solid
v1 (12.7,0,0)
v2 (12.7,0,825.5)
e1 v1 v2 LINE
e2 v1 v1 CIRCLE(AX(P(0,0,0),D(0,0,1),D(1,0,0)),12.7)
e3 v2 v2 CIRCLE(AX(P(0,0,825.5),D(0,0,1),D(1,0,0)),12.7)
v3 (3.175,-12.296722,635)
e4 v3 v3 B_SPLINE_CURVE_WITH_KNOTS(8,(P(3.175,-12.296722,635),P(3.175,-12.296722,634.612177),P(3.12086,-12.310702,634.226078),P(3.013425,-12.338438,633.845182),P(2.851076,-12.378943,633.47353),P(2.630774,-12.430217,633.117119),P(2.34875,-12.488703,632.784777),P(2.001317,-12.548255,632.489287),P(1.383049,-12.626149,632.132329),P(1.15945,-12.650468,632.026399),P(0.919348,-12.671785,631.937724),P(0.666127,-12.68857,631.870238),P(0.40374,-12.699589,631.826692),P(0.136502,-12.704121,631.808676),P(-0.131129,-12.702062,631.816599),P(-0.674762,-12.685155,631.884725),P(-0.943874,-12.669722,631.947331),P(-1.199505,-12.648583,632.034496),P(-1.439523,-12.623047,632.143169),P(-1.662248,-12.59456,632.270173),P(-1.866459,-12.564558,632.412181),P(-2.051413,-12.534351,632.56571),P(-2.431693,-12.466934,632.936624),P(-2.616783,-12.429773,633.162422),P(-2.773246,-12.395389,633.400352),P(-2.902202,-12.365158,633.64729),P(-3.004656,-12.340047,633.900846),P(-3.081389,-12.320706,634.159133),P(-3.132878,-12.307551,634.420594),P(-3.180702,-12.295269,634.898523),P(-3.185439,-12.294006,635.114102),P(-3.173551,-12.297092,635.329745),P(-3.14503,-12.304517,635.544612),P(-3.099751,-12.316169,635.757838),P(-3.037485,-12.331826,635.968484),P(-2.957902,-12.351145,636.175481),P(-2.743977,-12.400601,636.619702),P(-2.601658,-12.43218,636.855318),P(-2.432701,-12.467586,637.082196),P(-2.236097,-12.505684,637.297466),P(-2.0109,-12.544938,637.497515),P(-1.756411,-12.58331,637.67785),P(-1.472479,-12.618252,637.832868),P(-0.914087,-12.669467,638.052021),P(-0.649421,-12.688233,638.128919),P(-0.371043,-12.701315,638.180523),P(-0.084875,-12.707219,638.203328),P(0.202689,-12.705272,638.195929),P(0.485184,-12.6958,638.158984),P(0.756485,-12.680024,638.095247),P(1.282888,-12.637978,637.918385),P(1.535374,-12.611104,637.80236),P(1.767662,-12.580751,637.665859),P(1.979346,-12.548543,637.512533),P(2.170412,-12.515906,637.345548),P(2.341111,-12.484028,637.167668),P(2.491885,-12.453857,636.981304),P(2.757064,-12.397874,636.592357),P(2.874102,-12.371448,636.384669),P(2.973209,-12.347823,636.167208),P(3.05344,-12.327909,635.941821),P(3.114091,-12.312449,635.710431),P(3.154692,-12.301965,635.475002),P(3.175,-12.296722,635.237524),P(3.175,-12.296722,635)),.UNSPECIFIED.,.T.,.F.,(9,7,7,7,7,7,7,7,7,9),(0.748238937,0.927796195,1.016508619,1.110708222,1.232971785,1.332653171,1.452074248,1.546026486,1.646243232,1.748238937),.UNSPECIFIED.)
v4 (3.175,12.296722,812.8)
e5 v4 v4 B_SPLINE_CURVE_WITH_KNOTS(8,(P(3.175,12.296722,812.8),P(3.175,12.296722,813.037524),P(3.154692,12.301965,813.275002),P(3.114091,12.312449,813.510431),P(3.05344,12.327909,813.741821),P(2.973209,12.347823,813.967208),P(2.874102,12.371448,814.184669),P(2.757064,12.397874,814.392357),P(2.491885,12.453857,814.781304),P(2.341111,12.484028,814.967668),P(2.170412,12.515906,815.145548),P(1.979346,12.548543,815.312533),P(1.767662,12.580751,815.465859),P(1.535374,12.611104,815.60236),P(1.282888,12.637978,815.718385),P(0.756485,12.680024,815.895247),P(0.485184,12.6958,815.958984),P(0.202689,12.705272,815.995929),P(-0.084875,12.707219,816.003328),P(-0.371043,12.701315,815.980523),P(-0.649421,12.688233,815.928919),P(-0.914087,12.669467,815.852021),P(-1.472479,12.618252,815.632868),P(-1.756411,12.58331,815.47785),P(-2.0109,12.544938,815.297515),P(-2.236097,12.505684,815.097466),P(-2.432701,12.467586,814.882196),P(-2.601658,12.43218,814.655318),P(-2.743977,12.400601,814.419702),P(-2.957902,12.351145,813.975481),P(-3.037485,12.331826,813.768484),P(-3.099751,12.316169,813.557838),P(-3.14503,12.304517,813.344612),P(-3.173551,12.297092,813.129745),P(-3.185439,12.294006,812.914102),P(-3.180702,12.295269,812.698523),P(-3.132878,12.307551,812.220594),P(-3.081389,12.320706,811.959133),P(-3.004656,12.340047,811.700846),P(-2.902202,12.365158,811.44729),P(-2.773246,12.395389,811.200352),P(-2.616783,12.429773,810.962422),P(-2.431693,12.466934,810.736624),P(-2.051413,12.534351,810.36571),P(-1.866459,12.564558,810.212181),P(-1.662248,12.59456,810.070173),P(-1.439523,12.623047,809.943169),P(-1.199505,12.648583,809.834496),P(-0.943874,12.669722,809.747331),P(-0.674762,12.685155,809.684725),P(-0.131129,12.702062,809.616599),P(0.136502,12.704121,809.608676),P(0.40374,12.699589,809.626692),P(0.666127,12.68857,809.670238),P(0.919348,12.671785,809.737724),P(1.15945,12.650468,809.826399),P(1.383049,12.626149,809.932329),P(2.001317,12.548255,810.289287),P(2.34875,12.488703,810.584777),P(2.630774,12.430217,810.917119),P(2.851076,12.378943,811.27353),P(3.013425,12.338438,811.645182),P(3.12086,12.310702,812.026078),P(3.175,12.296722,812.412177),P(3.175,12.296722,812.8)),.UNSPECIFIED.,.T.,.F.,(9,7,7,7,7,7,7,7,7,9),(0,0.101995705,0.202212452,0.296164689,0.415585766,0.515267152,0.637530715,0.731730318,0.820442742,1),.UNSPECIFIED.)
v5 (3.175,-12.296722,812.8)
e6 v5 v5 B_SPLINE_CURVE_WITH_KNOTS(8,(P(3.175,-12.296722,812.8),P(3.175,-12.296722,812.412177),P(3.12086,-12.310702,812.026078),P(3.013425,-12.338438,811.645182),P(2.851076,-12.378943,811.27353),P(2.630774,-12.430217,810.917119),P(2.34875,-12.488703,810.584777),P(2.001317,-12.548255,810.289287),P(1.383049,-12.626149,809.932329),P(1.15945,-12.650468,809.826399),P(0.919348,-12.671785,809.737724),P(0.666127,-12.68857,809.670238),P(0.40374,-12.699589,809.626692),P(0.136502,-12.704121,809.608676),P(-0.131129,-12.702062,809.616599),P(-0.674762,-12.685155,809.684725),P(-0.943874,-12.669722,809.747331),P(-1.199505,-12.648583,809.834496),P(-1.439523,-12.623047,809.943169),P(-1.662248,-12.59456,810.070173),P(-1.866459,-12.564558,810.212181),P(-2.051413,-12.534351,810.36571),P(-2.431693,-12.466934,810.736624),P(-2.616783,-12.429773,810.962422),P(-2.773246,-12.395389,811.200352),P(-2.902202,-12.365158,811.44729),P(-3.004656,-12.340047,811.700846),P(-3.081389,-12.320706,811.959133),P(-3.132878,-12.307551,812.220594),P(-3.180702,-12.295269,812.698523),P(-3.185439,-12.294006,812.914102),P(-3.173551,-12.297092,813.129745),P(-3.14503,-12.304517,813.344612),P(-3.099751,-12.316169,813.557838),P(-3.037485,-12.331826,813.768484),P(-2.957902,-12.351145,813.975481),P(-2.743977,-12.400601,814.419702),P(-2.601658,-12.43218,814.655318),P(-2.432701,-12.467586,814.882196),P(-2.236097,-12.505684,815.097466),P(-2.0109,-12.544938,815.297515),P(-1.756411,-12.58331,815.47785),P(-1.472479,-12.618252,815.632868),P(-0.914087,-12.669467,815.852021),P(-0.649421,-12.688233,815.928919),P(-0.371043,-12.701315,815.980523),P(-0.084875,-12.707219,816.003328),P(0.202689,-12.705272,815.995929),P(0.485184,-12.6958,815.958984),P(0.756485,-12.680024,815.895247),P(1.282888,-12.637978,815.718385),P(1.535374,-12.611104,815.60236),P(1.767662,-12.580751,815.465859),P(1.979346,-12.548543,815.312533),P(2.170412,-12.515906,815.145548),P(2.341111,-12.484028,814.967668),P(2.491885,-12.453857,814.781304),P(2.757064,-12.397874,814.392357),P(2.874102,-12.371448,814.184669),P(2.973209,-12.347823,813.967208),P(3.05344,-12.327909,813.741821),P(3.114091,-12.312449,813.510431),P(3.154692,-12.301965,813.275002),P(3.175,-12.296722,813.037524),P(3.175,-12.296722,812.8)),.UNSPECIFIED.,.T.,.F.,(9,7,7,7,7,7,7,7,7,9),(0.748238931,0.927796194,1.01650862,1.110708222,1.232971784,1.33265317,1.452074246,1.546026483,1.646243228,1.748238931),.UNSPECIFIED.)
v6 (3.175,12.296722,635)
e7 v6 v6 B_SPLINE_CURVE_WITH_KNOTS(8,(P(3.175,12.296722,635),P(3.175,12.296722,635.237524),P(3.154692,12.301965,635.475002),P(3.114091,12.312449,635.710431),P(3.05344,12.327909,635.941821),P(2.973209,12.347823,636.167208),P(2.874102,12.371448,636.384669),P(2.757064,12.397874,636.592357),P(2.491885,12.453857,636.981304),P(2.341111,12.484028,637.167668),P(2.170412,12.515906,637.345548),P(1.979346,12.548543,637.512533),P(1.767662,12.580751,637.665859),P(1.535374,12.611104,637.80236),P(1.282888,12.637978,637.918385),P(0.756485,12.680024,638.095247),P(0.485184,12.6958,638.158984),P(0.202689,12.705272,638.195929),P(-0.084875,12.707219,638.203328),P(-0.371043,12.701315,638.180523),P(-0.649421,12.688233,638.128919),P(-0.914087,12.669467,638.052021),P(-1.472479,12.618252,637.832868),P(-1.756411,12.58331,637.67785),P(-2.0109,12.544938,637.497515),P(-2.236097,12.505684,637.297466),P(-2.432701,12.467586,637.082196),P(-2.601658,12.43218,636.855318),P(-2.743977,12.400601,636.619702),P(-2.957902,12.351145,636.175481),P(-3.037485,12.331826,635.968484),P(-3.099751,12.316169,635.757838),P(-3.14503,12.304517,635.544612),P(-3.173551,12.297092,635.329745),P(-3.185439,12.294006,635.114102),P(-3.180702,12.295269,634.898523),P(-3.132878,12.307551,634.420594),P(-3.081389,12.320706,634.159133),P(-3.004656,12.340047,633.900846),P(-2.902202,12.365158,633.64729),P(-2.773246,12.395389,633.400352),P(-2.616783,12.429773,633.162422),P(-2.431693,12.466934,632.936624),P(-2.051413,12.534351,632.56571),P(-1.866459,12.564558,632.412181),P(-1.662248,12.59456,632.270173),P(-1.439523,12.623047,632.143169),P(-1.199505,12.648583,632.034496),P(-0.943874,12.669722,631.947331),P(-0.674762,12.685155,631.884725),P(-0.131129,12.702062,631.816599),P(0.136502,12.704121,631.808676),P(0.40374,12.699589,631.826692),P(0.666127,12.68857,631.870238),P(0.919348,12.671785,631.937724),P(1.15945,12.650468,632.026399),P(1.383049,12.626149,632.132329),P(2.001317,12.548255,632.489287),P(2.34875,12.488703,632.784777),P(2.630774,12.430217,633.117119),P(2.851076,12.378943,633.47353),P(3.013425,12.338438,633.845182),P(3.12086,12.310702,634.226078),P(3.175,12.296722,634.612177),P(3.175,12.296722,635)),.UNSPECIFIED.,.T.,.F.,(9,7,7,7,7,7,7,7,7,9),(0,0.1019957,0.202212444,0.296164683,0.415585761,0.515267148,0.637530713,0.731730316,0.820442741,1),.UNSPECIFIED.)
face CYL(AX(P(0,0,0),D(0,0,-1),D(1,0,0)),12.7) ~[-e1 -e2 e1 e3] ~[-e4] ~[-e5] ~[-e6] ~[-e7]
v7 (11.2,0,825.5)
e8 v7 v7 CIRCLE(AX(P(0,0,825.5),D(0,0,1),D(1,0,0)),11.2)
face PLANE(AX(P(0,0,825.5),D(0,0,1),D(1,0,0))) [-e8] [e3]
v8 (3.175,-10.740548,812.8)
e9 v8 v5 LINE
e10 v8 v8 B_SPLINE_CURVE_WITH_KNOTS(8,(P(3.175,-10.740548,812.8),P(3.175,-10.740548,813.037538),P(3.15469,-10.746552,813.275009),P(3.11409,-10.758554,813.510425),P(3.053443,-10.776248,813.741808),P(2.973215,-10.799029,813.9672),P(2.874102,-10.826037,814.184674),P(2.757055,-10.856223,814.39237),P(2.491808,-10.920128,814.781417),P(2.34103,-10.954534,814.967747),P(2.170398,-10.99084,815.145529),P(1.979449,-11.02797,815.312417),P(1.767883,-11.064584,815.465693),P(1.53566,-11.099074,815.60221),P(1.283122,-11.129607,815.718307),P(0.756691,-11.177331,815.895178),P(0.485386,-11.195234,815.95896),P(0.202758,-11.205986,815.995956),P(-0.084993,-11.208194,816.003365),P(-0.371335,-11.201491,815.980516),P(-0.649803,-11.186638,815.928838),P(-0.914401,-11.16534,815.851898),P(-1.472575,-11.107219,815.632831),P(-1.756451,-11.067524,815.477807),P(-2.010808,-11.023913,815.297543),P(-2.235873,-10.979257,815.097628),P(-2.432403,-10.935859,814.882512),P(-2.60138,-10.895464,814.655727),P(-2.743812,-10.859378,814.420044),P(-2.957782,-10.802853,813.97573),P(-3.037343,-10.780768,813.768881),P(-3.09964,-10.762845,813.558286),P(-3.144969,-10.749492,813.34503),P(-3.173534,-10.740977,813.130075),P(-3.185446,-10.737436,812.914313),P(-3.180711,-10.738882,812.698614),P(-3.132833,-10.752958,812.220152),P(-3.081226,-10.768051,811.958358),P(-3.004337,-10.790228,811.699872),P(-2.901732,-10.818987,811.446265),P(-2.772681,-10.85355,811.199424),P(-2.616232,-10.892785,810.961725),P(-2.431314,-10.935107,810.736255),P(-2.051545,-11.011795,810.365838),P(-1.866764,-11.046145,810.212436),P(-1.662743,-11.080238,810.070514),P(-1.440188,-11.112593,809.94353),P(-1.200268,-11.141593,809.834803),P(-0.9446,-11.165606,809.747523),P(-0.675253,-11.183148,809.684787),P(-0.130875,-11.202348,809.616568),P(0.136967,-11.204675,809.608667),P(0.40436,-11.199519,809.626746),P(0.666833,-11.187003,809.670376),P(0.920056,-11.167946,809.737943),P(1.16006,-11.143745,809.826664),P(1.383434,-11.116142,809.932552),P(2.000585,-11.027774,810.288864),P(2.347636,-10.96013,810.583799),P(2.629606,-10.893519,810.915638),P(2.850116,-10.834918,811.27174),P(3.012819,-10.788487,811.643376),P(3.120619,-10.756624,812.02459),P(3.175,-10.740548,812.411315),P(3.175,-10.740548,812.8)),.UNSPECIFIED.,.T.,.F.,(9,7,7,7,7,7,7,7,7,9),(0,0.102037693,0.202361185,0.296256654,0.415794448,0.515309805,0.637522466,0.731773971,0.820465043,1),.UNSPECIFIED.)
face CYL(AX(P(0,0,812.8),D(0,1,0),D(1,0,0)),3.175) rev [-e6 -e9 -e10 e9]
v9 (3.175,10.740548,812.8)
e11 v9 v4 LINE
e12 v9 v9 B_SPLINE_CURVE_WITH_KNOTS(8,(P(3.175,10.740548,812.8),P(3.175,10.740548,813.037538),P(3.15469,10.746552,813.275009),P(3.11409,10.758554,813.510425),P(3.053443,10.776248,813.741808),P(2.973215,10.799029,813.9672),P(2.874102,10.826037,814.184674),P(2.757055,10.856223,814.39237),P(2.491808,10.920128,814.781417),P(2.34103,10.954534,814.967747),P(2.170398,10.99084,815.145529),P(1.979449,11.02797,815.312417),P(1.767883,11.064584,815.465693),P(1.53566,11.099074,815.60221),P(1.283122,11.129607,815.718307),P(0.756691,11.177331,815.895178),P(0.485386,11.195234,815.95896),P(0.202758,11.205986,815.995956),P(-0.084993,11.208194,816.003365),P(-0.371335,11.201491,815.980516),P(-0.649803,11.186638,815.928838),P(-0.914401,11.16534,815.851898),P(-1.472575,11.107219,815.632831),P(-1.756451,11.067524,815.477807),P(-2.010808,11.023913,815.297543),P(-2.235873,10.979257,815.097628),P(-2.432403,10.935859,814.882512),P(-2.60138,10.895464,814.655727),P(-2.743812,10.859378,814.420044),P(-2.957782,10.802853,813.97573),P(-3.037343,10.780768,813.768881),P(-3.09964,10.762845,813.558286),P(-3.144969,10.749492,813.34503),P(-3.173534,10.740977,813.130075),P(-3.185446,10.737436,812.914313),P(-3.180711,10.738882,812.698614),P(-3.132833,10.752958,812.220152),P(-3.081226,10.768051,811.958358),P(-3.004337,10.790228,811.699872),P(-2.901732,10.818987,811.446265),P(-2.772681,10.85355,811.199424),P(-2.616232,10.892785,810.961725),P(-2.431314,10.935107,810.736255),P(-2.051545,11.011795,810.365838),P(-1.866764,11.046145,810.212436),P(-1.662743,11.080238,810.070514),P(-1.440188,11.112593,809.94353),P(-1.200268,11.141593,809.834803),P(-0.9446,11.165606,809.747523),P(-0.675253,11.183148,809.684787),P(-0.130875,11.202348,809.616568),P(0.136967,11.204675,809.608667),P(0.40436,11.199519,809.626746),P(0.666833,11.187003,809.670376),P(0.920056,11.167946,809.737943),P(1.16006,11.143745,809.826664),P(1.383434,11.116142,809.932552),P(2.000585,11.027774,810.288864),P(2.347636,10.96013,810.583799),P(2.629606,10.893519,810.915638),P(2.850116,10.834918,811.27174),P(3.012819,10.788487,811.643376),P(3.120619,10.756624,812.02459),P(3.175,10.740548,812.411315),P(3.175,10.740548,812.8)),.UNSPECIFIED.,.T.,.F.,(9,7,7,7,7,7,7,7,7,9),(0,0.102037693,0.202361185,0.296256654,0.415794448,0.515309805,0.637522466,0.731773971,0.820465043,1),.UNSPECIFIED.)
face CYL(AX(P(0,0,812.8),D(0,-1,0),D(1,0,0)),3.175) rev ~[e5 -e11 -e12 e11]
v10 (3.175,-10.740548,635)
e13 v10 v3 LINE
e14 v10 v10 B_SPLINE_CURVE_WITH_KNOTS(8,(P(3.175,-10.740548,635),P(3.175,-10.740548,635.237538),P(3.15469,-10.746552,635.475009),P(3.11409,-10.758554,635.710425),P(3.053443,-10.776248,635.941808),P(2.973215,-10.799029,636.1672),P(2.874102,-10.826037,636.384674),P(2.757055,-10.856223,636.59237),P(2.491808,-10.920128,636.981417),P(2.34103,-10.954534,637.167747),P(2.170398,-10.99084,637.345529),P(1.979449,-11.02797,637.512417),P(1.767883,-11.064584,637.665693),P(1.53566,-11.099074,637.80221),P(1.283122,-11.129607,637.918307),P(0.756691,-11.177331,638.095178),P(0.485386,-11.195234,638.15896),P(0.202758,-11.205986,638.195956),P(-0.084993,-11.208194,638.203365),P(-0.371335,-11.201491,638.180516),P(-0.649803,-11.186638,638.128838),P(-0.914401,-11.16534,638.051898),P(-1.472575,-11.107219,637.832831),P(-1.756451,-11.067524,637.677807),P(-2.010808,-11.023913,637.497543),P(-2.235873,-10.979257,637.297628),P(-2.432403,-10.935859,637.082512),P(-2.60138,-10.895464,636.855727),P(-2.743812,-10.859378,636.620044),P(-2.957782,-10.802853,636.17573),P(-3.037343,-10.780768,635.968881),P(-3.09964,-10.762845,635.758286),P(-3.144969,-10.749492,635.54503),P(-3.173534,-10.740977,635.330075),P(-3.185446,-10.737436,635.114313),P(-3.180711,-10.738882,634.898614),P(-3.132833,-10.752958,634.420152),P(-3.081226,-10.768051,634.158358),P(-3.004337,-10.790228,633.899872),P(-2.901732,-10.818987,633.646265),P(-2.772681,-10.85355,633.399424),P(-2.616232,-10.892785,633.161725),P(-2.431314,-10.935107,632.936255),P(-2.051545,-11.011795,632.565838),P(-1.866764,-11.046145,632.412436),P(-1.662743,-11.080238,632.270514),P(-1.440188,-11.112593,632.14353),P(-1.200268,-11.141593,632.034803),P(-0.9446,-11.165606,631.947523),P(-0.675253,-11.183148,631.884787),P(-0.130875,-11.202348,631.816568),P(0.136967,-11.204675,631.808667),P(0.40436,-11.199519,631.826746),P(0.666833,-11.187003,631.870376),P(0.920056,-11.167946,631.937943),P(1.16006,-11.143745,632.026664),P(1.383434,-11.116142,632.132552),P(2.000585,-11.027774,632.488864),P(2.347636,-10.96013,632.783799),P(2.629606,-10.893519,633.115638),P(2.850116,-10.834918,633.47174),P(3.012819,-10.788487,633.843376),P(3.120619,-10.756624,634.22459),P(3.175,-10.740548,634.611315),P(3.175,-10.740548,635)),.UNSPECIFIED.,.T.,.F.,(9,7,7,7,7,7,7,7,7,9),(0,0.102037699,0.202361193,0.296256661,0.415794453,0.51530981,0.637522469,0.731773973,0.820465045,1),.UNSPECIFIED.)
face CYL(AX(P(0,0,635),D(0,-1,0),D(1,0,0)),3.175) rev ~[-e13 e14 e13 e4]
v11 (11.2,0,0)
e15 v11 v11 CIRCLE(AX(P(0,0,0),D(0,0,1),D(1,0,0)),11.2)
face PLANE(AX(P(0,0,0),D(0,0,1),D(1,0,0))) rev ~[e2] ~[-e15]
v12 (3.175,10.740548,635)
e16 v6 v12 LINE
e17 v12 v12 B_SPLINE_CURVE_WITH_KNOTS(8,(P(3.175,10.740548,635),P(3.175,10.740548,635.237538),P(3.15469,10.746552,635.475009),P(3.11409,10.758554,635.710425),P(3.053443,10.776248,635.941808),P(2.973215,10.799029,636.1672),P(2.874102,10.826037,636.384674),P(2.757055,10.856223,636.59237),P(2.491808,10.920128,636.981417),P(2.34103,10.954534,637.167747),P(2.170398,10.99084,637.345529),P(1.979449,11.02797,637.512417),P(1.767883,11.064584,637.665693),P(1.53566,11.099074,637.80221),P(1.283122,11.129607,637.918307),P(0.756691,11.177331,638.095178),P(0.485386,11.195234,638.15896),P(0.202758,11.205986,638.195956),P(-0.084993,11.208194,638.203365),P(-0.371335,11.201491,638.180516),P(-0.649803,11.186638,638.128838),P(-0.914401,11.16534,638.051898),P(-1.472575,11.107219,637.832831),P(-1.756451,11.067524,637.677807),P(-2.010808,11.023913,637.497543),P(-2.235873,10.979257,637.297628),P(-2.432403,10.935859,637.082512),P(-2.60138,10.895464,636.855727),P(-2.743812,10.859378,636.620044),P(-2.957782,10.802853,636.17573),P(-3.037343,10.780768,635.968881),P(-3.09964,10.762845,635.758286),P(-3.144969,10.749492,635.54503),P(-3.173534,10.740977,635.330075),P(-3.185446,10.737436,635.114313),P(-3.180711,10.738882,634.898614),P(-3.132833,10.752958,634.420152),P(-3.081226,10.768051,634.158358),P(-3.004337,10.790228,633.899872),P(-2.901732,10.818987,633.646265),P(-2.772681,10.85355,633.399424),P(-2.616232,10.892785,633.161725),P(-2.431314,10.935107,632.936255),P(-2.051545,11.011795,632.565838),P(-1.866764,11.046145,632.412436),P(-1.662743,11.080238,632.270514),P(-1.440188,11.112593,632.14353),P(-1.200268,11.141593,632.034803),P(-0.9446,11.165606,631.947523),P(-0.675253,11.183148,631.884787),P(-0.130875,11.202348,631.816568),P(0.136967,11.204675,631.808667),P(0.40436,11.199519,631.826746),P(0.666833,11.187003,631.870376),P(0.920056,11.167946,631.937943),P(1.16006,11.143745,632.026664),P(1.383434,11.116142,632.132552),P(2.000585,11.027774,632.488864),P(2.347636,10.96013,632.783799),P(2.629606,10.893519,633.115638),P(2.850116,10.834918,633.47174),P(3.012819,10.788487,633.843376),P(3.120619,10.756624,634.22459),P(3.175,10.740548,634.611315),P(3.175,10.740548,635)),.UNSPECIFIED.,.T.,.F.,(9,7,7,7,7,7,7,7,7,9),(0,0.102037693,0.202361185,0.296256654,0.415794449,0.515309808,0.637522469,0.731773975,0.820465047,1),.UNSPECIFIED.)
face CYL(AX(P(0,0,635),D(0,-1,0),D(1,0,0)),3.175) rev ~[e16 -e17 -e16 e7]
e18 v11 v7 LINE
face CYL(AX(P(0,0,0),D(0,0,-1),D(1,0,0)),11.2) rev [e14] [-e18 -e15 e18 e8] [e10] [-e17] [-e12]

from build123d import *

# Parameters (mm, degrees)
F0_R     = 12.7
F0_R_2   = 11.2
F1_DEPTH = 825.5
F2_R     = 3.175
F3_DEPTH = 12.7


with BuildPart() as f1:
    # F0 (on Top) → F1 (new body)
    with BuildSketch(Plane.XY):
        Circle(F0_R)
        Circle(F0_R_2, mode=Mode.SUBTRACT)
    extrude(amount=F1_DEPTH)

    # F2 (on Front) → F3 (cut, symmetric)
    with BuildSketch(Plane.XZ):
        with Locations((0, 812.8)):
            Circle(F2_R)
        with Locations((0, 635)):
            Circle(F2_R)
    extrude(amount=F3_DEPTH, both=True, mode=Mode.SUBTRACT)


solid = f1.part
